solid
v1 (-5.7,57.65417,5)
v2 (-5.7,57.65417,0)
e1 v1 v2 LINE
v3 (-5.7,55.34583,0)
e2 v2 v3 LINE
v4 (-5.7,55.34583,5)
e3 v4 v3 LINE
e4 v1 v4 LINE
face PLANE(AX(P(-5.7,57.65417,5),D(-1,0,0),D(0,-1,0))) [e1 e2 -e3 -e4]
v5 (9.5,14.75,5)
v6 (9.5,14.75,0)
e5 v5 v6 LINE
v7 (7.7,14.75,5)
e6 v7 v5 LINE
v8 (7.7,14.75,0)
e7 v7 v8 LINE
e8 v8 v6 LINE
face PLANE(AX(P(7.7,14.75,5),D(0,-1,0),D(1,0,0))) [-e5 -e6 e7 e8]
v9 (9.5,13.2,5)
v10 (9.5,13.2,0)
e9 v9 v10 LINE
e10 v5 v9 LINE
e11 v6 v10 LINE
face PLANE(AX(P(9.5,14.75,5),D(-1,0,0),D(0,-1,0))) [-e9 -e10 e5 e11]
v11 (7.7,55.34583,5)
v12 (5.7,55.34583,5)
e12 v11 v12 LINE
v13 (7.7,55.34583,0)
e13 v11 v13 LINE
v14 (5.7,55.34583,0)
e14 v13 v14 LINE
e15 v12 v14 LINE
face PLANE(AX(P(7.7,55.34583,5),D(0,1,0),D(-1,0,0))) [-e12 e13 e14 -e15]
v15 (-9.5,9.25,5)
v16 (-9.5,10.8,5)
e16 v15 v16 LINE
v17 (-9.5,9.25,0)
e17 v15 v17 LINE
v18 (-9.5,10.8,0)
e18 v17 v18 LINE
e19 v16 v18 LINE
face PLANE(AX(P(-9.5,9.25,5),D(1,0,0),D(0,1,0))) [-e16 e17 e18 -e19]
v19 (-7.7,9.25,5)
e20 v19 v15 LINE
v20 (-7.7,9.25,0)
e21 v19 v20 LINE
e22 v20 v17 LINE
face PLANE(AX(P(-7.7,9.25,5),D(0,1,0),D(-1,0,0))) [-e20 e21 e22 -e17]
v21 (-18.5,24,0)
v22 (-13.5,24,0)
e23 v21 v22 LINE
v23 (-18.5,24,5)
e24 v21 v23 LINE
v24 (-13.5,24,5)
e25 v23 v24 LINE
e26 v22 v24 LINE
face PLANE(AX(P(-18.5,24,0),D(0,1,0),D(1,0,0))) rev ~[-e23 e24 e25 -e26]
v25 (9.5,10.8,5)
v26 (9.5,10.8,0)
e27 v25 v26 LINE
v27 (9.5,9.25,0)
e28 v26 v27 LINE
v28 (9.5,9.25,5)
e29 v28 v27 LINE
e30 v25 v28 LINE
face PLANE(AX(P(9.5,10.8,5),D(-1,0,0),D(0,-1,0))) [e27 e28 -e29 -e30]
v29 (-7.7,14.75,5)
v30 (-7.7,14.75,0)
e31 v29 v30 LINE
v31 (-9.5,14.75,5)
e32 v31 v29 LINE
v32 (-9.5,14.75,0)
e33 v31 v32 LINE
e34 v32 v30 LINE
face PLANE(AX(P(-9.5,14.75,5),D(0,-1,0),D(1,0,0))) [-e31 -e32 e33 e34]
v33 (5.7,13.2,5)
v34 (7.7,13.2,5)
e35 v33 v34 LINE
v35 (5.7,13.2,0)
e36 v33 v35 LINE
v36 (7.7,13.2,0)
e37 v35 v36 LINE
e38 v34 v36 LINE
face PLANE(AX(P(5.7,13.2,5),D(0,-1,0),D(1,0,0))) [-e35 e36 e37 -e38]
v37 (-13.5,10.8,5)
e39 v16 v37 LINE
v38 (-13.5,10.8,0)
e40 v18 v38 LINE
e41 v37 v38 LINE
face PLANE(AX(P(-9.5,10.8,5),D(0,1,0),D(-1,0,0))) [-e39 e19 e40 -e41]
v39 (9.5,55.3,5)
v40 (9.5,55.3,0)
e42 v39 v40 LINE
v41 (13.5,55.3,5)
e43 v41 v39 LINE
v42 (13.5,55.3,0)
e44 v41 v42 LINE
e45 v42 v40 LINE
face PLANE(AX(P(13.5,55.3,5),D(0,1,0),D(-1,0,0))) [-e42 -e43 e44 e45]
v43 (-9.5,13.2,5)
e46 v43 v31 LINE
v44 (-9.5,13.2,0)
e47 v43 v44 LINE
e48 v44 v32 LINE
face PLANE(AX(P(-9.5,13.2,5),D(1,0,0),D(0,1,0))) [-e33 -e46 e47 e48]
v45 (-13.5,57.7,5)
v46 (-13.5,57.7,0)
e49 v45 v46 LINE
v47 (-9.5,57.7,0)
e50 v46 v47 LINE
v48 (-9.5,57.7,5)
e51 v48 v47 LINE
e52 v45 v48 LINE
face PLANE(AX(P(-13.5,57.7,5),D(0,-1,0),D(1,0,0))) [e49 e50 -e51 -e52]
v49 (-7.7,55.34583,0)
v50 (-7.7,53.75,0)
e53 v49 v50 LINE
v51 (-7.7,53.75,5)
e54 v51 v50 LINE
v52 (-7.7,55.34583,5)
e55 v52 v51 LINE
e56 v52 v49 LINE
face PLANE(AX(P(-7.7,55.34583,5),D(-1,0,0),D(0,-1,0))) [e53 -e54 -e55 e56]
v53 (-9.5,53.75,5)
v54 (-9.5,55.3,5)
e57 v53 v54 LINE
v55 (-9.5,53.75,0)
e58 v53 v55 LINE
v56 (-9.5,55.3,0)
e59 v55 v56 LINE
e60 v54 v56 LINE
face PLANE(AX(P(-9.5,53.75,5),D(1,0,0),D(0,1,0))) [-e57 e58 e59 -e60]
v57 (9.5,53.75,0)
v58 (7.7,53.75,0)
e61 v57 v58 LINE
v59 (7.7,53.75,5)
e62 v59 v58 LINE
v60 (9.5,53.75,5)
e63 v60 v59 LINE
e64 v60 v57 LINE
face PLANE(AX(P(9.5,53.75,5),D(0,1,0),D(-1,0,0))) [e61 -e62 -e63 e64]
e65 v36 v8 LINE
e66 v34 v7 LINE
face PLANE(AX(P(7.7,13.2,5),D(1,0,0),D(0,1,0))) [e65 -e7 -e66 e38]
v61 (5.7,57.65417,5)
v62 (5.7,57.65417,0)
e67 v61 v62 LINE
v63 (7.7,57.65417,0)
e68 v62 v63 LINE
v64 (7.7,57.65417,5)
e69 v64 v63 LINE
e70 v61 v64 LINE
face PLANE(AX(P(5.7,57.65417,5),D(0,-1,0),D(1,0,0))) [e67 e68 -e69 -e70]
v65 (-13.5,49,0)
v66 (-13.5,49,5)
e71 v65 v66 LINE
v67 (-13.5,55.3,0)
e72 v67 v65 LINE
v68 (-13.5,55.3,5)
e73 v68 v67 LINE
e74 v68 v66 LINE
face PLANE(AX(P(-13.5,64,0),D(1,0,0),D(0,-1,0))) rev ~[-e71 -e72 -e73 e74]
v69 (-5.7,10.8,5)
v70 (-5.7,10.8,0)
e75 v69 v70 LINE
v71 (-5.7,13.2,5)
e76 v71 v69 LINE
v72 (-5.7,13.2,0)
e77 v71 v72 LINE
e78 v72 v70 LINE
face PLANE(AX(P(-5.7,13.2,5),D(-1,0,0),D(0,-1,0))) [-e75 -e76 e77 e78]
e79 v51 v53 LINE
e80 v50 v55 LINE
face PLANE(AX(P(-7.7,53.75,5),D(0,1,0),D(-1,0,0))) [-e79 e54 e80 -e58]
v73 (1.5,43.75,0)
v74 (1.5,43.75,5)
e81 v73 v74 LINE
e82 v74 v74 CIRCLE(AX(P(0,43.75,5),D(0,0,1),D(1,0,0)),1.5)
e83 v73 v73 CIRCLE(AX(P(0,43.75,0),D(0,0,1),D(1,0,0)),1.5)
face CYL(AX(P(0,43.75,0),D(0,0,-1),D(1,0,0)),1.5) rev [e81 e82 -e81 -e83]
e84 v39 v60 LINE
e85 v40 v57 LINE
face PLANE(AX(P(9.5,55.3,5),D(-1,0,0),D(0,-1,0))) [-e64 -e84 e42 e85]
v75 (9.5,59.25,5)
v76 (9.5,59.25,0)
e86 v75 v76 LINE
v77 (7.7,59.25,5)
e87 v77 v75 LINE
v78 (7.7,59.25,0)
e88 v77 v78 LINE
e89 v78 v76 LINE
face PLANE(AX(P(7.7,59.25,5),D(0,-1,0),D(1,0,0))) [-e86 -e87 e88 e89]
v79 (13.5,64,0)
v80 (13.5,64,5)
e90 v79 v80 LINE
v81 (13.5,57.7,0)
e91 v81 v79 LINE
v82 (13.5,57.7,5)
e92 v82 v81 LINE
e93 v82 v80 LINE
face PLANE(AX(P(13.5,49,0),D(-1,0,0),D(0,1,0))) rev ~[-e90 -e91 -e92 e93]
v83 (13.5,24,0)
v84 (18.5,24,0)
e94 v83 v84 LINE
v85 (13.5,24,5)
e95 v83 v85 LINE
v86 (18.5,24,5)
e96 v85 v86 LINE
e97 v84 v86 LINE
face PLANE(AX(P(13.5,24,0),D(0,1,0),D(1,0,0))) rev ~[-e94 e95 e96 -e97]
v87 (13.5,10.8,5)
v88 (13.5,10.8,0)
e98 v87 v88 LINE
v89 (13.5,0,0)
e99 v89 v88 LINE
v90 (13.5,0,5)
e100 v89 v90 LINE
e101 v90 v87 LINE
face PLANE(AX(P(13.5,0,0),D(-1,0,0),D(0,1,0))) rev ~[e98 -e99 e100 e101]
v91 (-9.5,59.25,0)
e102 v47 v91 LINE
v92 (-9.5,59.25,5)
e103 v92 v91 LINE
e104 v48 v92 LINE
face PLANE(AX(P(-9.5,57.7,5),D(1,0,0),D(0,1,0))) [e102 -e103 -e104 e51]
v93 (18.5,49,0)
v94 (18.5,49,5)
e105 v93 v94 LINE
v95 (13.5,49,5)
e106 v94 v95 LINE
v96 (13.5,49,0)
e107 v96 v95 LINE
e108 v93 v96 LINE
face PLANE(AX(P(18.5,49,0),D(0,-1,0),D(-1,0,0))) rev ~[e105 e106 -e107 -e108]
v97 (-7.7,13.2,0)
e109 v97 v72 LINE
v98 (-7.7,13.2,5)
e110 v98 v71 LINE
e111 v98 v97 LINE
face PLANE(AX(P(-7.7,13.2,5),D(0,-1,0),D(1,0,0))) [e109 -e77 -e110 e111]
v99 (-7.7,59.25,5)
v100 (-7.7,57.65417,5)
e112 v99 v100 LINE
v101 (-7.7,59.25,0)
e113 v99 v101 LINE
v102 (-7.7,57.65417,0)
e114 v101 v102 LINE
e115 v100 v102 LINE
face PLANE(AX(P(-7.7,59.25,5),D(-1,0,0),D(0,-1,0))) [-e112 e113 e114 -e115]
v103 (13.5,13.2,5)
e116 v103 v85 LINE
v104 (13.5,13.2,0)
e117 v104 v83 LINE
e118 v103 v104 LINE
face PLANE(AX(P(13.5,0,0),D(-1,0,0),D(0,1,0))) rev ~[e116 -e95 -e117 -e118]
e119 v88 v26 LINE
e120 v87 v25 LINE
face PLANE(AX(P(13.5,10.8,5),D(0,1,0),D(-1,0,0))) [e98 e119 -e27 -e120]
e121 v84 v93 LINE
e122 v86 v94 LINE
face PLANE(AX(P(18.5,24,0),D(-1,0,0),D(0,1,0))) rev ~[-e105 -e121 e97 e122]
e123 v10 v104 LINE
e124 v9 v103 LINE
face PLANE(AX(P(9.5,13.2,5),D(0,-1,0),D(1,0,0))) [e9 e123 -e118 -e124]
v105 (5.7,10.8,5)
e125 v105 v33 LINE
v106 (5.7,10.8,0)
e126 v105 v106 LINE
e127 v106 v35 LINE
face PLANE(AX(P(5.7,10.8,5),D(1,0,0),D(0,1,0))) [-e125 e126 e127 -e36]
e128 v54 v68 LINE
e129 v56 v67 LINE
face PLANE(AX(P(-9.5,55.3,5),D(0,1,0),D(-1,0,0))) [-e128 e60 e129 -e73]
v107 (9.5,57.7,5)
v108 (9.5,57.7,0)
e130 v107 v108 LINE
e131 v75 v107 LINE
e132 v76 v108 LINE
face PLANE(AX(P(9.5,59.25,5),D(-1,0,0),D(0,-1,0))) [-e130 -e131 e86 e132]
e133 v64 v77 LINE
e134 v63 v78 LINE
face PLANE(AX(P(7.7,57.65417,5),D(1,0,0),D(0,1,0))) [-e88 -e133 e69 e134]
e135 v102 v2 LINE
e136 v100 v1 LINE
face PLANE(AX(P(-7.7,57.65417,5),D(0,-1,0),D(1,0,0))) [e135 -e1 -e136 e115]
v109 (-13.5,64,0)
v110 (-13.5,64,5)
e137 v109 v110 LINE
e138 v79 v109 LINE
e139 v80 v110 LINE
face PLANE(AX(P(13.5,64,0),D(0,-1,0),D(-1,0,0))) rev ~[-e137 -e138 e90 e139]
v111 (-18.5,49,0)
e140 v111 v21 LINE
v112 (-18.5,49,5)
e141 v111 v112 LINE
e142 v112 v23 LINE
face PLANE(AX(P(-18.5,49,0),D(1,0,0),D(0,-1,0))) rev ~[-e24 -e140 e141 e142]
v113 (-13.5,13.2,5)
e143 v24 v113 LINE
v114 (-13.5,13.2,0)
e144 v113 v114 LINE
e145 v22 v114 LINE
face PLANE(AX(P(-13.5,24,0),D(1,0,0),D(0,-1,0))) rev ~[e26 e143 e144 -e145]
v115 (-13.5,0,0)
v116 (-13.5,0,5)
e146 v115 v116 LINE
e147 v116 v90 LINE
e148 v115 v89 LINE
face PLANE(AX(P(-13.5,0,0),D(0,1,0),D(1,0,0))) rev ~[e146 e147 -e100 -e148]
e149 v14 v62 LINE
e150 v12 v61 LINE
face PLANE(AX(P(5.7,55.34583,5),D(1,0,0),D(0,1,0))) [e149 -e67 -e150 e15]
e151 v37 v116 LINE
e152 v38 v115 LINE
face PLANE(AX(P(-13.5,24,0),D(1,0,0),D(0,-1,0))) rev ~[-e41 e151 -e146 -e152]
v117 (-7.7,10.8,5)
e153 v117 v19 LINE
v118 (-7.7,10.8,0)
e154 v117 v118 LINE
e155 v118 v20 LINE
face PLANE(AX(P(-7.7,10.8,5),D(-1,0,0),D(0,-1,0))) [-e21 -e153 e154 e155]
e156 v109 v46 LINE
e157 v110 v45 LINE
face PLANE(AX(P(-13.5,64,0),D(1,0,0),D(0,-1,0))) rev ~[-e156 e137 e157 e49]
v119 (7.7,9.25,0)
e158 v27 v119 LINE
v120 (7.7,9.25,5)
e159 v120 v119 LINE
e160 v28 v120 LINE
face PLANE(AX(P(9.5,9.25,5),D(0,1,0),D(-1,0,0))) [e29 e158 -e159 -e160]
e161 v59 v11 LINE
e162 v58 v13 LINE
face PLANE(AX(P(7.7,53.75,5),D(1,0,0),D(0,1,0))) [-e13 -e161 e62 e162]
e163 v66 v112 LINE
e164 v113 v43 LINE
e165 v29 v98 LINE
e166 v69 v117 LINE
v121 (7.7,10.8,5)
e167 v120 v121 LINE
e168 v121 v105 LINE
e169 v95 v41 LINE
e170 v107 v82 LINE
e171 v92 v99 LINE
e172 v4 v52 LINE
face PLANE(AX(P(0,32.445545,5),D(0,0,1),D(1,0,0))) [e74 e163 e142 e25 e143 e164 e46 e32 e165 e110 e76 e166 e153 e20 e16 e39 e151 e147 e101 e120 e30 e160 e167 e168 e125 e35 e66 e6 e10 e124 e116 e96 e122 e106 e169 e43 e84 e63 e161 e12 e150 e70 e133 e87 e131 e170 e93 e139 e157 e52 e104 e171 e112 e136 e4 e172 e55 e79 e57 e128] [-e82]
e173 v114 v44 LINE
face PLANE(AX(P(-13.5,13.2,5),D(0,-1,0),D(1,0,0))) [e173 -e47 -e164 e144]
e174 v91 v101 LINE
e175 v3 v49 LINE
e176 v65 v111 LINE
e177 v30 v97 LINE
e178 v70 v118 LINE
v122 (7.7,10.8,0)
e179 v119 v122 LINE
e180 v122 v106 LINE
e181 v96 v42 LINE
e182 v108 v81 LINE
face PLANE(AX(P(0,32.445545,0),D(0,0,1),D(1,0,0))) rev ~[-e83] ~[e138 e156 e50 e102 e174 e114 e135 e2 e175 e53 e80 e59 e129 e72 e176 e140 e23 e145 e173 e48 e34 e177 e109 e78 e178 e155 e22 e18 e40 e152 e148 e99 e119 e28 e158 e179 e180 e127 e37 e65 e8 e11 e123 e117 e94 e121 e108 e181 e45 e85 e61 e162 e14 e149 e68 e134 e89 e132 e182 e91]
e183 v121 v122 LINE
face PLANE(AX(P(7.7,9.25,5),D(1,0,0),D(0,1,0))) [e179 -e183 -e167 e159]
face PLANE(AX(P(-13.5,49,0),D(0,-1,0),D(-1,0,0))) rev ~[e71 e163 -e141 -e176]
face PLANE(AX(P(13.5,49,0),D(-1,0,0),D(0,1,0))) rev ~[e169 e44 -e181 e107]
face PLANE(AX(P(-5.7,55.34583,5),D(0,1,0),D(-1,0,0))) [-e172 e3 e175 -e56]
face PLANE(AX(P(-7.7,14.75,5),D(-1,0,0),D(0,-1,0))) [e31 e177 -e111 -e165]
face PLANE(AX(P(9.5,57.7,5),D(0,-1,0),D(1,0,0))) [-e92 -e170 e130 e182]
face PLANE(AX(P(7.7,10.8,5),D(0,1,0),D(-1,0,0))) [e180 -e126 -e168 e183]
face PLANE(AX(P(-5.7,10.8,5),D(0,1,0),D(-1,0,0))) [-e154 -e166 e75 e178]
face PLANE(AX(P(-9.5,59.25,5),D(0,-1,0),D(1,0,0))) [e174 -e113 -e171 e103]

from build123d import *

# Parameters (mm, degrees)
SKETCH1_R           = 1.5
BOSS_EXTRUDE1_DEPTH = 5
CUT_EXTRUDE2_DEPTH  = 6


with BuildPart() as part:
    # Sketch1 → Boss-Extrude1 (new body)
    with BuildSketch(Plane.XY):
        Polygon((-13.5, 0), (13.5, 0), (13.5, 24), (18.5, 24), (18.5, 49), (13.5, 49), (13.5, 64), (-13.5, 64), (-13.5, 49), (-18.5, 49), (-18.5, 24), (-13.5, 24), align=None)
        with Locations((0, 43.75)):
            Circle(SKETCH1_R, mode=Mode.SUBTRACT)
    extrude(amount=BOSS_EXTRUDE1_DEPTH)

    # Sketch2 → Cut-Extrude2 (cut, through all)
    with BuildSketch(Plane.XY.offset(5)):
        Polygon((-13.5, 56.5), (-13.5, 57.7), (-9.5, 57.7), (-9.5, 59.25), (-7.7, 59.25), (-7.7, 57.654169795), (-5.7, 57.654169795), (-5.7, 55.345830205), (-7.7, 55.345830205), (-7.7, 53.75), (-9.5, 53.75), (-9.5, 55.3), (-13.5, 55.3), align=None)
        Polygon((13.5, 56.5), (13.5, 55.3), (9.5, 55.3), (9.5, 53.75), (7.7, 53.75), (7.7, 55.345830205), (5.7, 55.345830205), (5.7, 57.654169795), (7.7, 57.654169795), (7.7, 59.25), (9.5, 59.25), (9.5, 57.7), (13.5, 57.7), align=None)
        Polygon((-13.5, 10.8), (-13.5, 13.2), (-9.5, 13.2), (-9.5, 14.75), (-7.7, 14.75), (-7.7, 13.2), (-5.7, 13.2), (-5.7, 10.8), (-7.7, 10.8), (-7.7, 9.25), (-9.5, 9.25), (-9.5, 10.8), align=None)
        Polygon((13.5, 10.8), (9.5, 10.8), (9.5, 9.25), (7.7, 9.25), (7.7, 10.8), (5.7, 10.8), (5.7, 13.2), (7.7, 13.2), (7.7, 14.75), (9.5, 14.75), (9.5, 13.2), (13.5, 13.2), align=None)
    extrude(amount=-CUT_EXTRUDE2_DEPTH, mode=Mode.SUBTRACT)


solid = part.part
